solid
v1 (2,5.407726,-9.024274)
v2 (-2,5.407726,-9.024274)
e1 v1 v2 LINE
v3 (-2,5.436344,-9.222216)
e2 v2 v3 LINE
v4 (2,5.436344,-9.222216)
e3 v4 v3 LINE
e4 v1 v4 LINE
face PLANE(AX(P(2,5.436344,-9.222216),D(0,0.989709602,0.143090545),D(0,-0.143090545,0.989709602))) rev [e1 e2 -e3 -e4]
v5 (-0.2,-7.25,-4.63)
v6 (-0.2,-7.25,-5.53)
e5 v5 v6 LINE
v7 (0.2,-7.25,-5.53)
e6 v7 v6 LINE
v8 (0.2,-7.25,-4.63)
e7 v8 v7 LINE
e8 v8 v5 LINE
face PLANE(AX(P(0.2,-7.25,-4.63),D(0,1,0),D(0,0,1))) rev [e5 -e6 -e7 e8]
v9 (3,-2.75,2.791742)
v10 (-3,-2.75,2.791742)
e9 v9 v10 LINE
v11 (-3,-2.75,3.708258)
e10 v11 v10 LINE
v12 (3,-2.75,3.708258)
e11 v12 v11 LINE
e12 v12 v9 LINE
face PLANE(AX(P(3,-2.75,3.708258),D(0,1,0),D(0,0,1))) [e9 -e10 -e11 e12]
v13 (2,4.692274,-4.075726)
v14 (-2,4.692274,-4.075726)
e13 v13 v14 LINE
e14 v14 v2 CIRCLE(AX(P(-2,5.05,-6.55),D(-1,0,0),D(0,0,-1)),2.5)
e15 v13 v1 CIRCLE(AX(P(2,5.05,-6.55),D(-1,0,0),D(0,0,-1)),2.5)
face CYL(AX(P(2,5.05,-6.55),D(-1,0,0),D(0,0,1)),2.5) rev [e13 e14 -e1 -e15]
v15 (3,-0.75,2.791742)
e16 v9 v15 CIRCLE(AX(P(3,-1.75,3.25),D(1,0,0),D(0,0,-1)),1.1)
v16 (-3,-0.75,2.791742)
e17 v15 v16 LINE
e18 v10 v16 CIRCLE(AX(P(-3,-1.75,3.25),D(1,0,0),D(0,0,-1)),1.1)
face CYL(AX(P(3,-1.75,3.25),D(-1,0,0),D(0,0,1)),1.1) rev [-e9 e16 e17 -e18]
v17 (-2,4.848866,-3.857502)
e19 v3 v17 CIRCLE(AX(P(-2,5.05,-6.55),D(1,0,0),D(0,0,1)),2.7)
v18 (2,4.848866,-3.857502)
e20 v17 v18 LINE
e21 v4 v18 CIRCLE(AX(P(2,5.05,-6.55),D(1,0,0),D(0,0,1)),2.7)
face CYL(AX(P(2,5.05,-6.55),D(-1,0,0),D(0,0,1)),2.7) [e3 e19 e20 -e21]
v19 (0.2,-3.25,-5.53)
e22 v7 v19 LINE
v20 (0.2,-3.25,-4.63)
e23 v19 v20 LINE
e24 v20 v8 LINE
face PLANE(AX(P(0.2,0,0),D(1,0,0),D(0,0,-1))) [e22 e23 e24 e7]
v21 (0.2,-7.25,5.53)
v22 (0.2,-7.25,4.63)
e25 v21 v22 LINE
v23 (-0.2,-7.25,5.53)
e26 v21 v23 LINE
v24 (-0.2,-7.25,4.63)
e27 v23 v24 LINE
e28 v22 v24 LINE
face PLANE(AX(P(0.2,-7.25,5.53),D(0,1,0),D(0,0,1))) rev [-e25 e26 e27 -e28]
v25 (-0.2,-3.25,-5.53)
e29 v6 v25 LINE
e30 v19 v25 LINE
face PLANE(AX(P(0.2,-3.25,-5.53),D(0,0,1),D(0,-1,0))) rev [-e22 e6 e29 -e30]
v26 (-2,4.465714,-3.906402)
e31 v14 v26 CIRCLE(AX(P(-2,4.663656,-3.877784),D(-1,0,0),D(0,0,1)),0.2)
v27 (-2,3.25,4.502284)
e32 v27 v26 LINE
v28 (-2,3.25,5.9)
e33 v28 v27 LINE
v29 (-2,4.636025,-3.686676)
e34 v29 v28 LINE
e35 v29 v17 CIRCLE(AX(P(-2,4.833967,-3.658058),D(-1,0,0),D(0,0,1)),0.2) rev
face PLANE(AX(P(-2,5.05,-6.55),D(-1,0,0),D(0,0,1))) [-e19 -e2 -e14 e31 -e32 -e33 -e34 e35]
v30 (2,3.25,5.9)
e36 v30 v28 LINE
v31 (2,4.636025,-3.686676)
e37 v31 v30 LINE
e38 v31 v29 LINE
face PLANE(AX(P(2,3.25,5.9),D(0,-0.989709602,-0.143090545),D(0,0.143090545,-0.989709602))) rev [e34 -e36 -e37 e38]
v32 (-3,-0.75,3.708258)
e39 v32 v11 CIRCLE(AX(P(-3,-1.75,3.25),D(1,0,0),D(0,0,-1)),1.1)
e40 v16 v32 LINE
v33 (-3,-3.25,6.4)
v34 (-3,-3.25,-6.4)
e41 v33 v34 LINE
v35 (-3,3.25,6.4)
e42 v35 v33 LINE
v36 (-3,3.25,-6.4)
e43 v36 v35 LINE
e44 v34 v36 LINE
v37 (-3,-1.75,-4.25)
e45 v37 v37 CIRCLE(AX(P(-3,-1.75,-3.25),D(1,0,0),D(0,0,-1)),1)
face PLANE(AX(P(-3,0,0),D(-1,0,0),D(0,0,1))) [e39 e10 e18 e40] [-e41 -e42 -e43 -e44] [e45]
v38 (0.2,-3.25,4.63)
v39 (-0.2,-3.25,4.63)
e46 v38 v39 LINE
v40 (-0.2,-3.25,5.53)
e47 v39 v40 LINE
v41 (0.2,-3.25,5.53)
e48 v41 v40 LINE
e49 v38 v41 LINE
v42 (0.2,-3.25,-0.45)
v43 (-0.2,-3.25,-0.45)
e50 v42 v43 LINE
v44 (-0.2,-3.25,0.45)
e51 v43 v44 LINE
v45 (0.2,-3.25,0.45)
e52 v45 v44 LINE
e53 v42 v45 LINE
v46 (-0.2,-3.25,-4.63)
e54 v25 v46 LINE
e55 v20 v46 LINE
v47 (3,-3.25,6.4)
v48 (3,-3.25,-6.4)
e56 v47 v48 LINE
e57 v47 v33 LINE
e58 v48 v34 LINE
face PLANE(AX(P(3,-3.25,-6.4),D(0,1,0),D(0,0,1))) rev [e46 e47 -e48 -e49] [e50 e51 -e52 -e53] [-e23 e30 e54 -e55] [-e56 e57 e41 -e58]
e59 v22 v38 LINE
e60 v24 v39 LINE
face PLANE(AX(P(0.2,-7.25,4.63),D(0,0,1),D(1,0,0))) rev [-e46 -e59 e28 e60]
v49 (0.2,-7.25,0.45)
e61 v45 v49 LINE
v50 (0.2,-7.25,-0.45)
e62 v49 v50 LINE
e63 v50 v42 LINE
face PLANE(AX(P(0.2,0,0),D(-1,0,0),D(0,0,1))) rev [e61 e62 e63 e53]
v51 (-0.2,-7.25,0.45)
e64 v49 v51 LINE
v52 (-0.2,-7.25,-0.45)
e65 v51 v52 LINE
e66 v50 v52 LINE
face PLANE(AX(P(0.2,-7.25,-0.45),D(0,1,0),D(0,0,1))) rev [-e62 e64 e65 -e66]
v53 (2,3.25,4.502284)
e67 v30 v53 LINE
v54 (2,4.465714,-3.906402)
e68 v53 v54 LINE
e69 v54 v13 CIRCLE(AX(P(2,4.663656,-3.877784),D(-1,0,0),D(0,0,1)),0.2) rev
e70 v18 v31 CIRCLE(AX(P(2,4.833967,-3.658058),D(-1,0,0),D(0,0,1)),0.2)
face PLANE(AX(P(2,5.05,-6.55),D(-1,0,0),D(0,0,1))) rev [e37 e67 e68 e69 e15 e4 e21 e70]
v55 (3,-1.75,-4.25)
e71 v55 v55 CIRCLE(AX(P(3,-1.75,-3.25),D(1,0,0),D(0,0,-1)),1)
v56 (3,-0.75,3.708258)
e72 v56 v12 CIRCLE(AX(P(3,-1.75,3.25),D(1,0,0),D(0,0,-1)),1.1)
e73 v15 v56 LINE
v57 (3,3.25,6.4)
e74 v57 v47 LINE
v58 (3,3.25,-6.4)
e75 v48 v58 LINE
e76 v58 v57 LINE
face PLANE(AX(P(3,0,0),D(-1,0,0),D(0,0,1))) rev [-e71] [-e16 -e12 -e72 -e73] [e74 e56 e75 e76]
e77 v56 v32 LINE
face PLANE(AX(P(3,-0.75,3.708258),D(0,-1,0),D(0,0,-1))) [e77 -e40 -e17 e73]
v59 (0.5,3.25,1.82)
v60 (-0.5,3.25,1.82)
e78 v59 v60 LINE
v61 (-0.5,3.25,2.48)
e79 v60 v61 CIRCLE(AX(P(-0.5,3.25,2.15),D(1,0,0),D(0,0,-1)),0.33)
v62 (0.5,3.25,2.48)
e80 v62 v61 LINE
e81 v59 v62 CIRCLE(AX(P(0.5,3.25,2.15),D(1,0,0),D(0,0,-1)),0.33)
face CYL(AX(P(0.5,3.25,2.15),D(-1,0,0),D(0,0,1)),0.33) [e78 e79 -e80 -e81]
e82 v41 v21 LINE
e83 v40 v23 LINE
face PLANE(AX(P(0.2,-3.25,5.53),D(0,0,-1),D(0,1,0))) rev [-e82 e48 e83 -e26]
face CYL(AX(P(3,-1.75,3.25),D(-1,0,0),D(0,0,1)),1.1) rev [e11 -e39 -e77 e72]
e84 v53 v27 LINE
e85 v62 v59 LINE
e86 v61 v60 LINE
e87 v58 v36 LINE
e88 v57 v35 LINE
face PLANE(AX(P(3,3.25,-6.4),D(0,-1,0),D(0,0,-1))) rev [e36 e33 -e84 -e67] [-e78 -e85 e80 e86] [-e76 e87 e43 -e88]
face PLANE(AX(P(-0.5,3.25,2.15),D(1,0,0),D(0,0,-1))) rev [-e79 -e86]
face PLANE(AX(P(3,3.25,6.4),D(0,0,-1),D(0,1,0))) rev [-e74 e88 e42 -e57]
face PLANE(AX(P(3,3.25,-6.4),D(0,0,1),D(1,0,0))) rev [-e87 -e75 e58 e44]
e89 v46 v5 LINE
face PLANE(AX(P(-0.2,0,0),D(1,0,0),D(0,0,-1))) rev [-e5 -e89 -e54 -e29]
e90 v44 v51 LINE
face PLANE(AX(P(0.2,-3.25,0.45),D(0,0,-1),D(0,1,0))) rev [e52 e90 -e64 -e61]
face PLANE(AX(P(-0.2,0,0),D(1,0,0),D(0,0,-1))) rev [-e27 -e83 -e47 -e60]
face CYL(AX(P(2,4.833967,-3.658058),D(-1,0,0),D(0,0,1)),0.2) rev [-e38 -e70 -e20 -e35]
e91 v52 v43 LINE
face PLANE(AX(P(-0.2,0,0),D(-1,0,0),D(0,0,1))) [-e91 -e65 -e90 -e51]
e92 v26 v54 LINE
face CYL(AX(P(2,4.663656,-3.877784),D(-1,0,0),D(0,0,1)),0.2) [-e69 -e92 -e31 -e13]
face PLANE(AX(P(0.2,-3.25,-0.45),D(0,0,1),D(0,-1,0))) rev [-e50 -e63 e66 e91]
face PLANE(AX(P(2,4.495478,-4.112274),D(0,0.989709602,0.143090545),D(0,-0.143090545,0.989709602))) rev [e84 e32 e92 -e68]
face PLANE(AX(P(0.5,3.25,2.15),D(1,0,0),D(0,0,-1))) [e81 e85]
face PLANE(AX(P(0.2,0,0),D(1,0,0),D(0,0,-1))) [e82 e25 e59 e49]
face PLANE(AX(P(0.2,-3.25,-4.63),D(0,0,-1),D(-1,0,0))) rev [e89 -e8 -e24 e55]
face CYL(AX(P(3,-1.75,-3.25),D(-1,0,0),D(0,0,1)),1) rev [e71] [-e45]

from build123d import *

# Parameters (mm, degrees)
SKETCH1_W           = 12.8
SKETCH1_H           = 6.5
SKETCH1_R           = 1
BOSS_EXTRUDE1_DEPTH = 3
SKETCH3_W           = 0.9
SKETCH3_H           = 4
BOSS_EXTRUDE2_DEPTH = 0.2
BOSS_EXTRUDE3_DEPTH = 2
FILLET1_R           = 0.2
BOSS_EXTRUDE5_DEPTH = 0.5


with BuildPart() as part:
    # Sketch1 → Boss-Extrude1 (new body, symmetric)
    with BuildSketch(Plane(origin=(0, 0, 0), x_dir=(0, 0, -1), z_dir=(1, 0, 0))):
        Rectangle(SKETCH1_W, SKETCH1_H)
        with Locations((3.25, -1.75)):
            Circle(SKETCH1_R, mode=Mode.SUBTRACT)
        with BuildLine():
            Line((-3.708257569, -0.75), (-2.791742431, -0.75))
            ThreePointArc((-2.791742431, -0.75), (-2.15, -1.75), (-2.791742431, -2.75))
            Line((-2.791742431, -2.75), (-3.708257569, -2.75))
            ThreePointArc((-3.708257569, -2.75), (-4.35, -1.75), (-3.708257569, -0.75))
        make_face(mode=Mode.SUBTRACT)
    extrude(amount=BOSS_EXTRUDE1_DEPTH, both=True)

    # Sketch3 → Boss-Extrude2 (add, symmetric)
    with BuildSketch(Plane(origin=(0, 0, 0), x_dir=(0, 0, -1), z_dir=(1, 0, 0))):
        with Locations((-5.08, -5.25)):
            Rectangle(SKETCH3_W, SKETCH3_H)
        with Locations((0, -5.25)):
            Rectangle(SKETCH3_W, SKETCH3_H)
        with Locations((5.08, -5.25)):
            Rectangle(SKETCH3_W, SKETCH3_H)
    extrude(amount=BOSS_EXTRUDE2_DEPTH, both=True)

    # Sketch4 → Boss-Extrude3 (add, symmetric)
    with BuildSketch(Plane(origin=(0, 0, 0), x_dir=(0, 0, -1), z_dir=(1, 0, 0))):
        with BuildLine():
            Line((-5.9, 3.25), (3.877784075, 4.663655529))
            ThreePointArc((3.877784075, 4.663655529), (6.163655529, 7.722215925), (9.222215925, 5.436344471))
            Line((9.222215925, 5.436344471), (9.024274005, 5.407726362))
            ThreePointArc((9.024274005, 5.407726362), (6.093510034, 7.507970079), (4.11227449, 4.495478279))
            Line((4.11227449, 4.495478279), (-4.502283608, 3.25))
            Line((-4.502283608, 3.25), (-5.9, 3.25))
        make_face()
    extrude(amount=BOSS_EXTRUDE3_DEPTH, both=True)

    # Fillet1
    fillet1_edges = [part.edges().sort_by_distance(p)[0] for p in [
        (0, 4.495478279, -4.11227449),
        (0, 4.663655529, -3.877784075),
    ]]
    fillet(fillet1_edges, radius=FILLET1_R)

    # Sketch5 → Boss-Extrude5 (add, symmetric)
    with BuildSketch(Plane(origin=(0, 0, 0), x_dir=(0, 0, -1), z_dir=(1, 0, 0))):
        with BuildLine():
            Line((-2.48, 3.25), (-1.82, 3.25))
            ThreePointArc((-1.82, 3.25), (-2.15, 3.58), (-2.48, 3.25))
        make_face()
    extrude(amount=BOSS_EXTRUDE5_DEPTH, both=True)


solid = part.part
